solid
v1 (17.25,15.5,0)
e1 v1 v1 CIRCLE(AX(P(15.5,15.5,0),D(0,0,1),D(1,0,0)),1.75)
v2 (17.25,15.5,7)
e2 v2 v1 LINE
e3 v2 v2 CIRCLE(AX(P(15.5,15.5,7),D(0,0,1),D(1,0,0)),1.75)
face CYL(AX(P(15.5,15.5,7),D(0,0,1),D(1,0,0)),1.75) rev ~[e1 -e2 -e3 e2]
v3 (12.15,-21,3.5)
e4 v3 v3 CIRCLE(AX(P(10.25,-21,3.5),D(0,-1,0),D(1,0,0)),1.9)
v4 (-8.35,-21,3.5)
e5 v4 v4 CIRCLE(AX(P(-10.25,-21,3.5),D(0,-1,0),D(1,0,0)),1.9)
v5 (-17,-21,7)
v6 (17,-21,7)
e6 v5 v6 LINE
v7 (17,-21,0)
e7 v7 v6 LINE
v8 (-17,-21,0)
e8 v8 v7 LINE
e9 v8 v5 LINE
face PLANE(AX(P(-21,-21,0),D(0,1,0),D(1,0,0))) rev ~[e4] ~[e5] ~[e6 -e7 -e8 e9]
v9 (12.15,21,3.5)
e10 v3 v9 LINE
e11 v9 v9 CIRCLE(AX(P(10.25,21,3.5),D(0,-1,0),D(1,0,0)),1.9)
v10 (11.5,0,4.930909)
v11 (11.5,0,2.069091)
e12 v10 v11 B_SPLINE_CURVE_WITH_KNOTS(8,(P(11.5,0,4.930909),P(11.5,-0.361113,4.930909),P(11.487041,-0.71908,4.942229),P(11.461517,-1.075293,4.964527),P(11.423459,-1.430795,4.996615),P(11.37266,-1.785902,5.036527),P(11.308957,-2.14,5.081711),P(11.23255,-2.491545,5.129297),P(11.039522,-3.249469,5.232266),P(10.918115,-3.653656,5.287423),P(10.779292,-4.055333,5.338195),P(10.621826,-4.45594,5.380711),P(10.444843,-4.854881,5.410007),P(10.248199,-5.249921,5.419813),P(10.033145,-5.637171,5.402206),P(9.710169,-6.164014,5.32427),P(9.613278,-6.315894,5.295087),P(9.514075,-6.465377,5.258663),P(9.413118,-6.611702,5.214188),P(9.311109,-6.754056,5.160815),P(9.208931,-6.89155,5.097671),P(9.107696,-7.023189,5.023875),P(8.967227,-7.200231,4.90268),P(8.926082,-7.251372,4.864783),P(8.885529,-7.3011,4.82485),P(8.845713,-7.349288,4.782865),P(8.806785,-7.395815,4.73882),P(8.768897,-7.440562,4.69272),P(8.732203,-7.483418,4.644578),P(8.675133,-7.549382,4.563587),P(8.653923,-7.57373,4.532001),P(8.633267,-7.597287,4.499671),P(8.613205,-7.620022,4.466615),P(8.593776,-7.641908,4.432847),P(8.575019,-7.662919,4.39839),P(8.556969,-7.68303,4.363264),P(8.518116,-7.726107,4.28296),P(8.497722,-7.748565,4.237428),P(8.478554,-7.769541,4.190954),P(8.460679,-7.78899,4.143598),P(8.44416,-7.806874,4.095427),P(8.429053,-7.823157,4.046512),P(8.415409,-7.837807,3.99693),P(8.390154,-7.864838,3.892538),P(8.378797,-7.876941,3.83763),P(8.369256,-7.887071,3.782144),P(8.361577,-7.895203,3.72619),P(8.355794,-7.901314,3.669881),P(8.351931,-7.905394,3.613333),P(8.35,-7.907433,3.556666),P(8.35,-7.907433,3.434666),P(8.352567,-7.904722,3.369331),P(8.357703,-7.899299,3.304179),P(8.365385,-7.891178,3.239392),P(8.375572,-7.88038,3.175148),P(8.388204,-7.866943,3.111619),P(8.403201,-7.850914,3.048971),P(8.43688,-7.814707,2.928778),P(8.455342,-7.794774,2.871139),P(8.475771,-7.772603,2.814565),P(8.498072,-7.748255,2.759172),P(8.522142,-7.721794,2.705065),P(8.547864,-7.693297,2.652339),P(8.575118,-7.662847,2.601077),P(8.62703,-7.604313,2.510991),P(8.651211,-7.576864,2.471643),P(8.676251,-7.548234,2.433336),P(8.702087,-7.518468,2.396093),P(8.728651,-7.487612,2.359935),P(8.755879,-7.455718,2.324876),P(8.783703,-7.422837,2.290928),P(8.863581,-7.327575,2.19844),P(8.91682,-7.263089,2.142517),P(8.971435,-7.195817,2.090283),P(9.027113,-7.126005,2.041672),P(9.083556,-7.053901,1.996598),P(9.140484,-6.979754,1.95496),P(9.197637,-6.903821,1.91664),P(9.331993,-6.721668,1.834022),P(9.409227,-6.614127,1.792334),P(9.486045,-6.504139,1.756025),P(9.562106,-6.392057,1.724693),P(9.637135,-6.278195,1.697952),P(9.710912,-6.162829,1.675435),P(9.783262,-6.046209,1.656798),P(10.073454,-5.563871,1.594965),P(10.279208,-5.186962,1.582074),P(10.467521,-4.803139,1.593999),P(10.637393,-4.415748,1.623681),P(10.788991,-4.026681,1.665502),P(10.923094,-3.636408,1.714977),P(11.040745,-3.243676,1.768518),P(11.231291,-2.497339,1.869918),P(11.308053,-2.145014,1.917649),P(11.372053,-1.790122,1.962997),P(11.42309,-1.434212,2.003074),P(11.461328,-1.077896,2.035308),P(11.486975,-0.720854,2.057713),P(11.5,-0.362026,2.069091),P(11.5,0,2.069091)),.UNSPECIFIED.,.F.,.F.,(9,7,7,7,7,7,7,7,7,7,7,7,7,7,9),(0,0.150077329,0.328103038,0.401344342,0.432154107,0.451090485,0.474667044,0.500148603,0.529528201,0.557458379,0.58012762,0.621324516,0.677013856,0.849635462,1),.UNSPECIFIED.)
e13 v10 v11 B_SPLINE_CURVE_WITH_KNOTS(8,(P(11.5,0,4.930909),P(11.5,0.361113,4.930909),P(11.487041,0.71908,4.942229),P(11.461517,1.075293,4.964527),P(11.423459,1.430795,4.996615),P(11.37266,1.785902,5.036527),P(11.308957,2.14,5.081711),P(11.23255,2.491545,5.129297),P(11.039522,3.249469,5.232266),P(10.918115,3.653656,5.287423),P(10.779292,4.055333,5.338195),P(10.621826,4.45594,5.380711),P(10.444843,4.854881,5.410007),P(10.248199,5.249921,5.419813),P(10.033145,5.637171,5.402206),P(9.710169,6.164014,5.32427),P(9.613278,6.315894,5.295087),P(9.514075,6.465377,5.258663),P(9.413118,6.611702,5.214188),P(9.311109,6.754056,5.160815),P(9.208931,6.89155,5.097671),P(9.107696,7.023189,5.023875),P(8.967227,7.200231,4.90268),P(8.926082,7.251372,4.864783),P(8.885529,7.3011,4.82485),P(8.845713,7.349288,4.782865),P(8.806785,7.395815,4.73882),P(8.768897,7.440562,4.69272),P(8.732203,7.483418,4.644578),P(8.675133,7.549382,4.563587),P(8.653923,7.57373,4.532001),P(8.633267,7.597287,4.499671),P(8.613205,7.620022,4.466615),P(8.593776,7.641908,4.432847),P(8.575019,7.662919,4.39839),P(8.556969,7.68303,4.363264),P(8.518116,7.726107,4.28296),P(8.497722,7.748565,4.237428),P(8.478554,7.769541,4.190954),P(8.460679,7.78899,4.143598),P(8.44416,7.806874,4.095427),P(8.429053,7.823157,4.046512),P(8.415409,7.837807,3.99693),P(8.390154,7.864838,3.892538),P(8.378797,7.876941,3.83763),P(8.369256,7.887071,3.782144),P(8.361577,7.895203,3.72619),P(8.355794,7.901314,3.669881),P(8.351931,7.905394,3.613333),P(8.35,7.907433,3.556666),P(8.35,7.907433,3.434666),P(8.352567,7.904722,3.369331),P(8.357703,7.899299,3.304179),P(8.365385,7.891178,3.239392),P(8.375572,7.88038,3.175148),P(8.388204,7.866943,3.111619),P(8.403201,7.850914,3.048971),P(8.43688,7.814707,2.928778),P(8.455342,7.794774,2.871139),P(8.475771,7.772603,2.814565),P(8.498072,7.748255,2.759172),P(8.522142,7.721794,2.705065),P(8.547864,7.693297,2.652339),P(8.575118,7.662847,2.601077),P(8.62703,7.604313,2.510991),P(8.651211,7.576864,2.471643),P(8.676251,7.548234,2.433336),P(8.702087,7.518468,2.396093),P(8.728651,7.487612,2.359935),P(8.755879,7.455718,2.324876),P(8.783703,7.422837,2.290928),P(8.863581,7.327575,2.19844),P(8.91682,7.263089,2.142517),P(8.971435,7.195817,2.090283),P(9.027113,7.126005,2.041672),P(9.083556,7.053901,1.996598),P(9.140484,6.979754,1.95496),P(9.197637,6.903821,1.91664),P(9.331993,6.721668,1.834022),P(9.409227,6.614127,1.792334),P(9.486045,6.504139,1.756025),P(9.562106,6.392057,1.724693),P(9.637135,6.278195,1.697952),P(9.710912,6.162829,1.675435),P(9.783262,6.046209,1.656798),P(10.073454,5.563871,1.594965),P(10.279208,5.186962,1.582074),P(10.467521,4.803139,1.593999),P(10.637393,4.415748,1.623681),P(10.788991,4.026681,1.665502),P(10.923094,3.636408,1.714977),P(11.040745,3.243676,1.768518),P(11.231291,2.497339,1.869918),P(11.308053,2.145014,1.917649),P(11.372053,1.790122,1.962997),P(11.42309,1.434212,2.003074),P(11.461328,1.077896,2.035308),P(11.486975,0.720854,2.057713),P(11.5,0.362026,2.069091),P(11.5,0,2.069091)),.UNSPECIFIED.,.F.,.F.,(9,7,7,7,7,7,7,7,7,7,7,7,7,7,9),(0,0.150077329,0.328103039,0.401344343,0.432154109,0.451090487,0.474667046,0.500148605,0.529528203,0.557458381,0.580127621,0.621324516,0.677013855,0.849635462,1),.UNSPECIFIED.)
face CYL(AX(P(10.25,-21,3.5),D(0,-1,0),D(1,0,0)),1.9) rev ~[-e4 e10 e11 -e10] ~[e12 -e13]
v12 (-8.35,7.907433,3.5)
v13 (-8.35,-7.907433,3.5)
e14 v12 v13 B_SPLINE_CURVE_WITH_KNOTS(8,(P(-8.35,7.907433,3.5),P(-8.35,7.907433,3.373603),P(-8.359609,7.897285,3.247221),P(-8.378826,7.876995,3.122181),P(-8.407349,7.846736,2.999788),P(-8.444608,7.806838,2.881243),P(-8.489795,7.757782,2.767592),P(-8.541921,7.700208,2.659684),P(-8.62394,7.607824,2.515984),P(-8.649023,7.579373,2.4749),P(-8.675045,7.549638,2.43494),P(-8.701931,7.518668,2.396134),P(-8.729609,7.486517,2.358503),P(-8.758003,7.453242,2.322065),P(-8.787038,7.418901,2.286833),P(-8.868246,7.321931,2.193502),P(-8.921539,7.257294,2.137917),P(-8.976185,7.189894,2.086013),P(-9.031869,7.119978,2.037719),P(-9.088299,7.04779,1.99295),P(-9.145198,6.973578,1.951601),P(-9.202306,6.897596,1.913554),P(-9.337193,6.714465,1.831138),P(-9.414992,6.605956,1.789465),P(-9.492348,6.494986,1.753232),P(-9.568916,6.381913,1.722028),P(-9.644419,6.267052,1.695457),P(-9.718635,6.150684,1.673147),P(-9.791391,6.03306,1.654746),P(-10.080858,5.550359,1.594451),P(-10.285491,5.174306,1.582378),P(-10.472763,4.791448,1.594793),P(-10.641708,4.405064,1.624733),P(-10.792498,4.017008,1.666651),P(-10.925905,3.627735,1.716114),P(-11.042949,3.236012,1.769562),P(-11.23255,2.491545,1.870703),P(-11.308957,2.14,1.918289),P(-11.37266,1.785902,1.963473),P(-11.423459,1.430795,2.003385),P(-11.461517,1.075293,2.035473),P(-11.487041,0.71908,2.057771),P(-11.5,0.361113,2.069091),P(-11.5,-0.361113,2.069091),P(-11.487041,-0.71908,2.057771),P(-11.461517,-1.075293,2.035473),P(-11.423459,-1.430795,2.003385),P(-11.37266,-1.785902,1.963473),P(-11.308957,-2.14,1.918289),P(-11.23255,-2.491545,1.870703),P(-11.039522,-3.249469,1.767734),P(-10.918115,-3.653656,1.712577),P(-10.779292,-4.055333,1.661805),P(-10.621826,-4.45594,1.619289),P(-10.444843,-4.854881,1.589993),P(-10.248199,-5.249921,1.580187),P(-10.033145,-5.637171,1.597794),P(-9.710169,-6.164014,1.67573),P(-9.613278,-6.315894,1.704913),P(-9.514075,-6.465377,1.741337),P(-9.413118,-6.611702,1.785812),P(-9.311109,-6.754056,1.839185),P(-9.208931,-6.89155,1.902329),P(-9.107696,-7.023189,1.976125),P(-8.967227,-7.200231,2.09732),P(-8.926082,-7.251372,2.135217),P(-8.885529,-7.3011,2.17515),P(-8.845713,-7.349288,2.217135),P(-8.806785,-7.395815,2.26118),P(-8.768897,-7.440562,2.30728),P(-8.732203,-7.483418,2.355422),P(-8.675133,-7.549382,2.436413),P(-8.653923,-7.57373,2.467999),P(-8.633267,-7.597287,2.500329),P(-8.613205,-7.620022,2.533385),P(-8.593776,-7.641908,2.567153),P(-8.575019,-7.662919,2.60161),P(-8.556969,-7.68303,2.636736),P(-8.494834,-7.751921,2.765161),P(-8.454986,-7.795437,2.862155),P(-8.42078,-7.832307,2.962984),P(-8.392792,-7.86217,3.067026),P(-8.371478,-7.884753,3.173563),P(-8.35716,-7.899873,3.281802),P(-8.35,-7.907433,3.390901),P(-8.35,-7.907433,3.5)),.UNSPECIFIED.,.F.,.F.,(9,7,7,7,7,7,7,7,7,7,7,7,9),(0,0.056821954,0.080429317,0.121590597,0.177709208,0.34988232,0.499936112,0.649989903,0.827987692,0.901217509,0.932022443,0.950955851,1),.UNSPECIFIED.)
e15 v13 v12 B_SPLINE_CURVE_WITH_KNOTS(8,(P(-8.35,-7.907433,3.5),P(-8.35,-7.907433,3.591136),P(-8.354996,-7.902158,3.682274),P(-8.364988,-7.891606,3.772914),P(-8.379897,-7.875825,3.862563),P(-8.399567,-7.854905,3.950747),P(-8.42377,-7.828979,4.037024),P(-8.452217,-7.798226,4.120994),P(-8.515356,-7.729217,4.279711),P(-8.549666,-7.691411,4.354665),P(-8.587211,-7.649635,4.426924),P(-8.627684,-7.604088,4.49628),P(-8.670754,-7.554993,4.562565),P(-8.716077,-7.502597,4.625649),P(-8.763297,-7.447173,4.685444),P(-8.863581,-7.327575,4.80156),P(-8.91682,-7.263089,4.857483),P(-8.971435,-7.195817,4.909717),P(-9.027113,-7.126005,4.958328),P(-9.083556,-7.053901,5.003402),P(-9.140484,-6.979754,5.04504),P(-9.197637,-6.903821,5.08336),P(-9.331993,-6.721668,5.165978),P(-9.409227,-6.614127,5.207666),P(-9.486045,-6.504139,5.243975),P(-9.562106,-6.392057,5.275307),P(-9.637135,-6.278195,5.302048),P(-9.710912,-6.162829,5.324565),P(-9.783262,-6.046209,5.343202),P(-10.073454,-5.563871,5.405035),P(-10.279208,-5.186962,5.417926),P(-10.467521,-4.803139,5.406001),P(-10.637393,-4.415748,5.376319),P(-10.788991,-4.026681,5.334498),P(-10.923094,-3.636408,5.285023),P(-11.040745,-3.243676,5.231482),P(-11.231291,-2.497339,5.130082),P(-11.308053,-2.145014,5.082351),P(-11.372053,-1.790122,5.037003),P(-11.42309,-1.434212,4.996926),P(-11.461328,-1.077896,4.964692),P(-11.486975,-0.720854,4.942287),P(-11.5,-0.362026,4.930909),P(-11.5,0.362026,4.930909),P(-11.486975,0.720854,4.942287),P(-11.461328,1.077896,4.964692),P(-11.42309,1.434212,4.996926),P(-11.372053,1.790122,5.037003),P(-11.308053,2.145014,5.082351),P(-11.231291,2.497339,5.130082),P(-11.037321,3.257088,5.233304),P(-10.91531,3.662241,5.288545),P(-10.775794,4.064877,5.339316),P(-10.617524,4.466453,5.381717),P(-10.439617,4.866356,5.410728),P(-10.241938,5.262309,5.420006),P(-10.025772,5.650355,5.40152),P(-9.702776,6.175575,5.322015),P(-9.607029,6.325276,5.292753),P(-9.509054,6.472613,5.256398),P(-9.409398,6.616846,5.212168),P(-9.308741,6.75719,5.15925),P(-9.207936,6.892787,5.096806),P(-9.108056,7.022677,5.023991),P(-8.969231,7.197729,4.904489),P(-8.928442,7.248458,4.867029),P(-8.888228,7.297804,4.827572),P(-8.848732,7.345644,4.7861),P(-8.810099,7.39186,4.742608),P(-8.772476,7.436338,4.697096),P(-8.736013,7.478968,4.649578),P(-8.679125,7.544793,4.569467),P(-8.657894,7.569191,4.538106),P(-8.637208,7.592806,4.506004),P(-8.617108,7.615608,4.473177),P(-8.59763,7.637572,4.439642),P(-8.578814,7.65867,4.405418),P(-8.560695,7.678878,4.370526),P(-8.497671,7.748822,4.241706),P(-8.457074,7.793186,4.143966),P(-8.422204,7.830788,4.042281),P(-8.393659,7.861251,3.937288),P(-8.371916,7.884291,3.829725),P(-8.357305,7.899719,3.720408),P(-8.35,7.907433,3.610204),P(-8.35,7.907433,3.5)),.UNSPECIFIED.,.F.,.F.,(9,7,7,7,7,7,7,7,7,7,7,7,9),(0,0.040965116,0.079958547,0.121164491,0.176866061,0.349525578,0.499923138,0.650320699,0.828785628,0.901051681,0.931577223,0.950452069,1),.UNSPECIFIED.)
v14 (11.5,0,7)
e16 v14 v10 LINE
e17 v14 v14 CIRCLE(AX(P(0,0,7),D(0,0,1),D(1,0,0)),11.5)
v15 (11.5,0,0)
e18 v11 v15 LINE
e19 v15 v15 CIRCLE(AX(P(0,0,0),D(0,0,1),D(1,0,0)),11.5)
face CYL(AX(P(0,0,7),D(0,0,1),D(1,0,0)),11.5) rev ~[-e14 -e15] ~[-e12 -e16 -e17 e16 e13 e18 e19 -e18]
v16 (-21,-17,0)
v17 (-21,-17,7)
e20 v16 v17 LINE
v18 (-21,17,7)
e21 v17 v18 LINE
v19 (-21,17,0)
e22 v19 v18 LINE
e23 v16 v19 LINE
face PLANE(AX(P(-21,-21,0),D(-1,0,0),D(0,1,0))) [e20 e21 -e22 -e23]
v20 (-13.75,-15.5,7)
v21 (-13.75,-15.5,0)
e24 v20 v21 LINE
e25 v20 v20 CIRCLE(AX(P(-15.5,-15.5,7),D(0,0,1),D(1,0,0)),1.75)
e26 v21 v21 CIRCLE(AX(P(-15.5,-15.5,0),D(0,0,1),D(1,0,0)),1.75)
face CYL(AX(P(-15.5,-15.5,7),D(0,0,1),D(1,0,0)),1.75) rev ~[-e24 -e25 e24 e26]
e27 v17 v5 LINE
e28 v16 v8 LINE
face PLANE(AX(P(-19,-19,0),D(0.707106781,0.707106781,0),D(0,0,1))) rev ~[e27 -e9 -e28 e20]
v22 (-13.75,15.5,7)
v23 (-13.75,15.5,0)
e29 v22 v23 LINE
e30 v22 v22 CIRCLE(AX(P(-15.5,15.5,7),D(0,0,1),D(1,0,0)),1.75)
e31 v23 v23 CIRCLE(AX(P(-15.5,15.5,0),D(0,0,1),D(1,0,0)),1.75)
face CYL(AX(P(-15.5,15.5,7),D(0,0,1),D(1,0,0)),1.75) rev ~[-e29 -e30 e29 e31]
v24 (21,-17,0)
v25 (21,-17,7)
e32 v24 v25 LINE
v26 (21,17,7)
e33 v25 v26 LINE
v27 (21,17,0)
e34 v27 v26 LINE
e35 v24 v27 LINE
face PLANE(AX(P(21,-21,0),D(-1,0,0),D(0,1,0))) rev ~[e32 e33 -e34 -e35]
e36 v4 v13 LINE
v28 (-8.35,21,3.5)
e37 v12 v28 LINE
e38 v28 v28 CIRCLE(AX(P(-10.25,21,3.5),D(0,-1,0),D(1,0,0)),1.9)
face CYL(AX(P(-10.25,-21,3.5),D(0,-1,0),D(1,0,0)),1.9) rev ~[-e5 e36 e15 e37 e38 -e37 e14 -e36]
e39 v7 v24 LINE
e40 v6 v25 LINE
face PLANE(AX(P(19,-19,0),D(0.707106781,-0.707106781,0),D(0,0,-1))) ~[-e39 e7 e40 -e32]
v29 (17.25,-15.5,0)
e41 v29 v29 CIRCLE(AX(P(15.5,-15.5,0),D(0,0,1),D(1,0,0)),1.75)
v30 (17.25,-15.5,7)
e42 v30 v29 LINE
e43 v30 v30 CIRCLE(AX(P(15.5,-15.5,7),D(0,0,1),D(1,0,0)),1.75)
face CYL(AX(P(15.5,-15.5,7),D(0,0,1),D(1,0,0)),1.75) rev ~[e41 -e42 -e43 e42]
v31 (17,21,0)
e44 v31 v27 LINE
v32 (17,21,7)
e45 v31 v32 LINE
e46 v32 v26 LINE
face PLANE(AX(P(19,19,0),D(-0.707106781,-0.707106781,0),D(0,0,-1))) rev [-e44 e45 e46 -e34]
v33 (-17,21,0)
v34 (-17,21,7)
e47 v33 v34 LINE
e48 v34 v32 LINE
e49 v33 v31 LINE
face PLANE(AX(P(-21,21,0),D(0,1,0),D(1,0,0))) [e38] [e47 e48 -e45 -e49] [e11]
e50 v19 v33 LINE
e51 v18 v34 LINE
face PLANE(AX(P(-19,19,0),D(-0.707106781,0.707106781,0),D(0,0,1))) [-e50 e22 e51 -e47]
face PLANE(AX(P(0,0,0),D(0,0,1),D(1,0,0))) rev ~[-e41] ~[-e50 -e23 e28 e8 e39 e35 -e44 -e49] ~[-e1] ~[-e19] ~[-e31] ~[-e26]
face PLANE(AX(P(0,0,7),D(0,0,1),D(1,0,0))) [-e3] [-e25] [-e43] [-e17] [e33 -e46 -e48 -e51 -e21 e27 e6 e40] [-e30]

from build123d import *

# Parameters (mm, degrees)
SKETCH_W        = 42
SKETCH_H        = 42
PAD_DEPTH       = 7
SKETCH001_R     = 11.5
POCKET_DEPTH    = 12
SKETCH002_R     = 1.75
POCKET001_DEPTH = 12
SKETCH003_R     = 1.9
POCKET002_DEPTH = 42
CHAMFER_SIZE    = 4


with BuildPart() as part:
    # Sketch → Pad (new body)
    with BuildSketch(Plane.XY):
        Rectangle(SKETCH_W, SKETCH_H)
    extrude(amount=PAD_DEPTH)

    # Sketch001 (on Face6 of Pad) → Pocket (cut)
    with BuildSketch(Plane.XY.offset(7)):
        Circle(SKETCH001_R)
    extrude(amount=-POCKET_DEPTH, mode=Mode.SUBTRACT)

    # Sketch002 (on Face5 of Pocket) → Pocket001 (cut)
    with BuildSketch(Plane.XY.offset(7)):
        with Locations((15.5, 15.5)):
            Circle(SKETCH002_R)
        with Locations((-15.5, 15.5)):
            Circle(SKETCH002_R)
        with Locations((-15.5, -15.5)):
            Circle(SKETCH002_R)
        with Locations((15.5, -15.5)):
            Circle(SKETCH002_R)
    extrude(amount=-POCKET001_DEPTH, mode=Mode.SUBTRACT)

    # Sketch003 (on Face1 of Pocket001) → Pocket002 (cut)
    with BuildSketch(Plane.XZ.offset(21)):
        with Locations((-10.25, 3.5)):
            Circle(SKETCH003_R)
        with Locations((10.25, 3.5)):
            Circle(SKETCH003_R)
    extrude(amount=-POCKET002_DEPTH, mode=Mode.SUBTRACT)

    # Chamfer
    chamfer_edges = [part.edges().sort_by_distance(p)[0] for p in [
        (-21, -21, 3.5),
        (21, -21, 3.5),
        (21, 21, 3.5),
        (-21, 21, 3.5),
    ]]
    chamfer(chamfer_edges, length=CHAMFER_SIZE)


solid = part.part
